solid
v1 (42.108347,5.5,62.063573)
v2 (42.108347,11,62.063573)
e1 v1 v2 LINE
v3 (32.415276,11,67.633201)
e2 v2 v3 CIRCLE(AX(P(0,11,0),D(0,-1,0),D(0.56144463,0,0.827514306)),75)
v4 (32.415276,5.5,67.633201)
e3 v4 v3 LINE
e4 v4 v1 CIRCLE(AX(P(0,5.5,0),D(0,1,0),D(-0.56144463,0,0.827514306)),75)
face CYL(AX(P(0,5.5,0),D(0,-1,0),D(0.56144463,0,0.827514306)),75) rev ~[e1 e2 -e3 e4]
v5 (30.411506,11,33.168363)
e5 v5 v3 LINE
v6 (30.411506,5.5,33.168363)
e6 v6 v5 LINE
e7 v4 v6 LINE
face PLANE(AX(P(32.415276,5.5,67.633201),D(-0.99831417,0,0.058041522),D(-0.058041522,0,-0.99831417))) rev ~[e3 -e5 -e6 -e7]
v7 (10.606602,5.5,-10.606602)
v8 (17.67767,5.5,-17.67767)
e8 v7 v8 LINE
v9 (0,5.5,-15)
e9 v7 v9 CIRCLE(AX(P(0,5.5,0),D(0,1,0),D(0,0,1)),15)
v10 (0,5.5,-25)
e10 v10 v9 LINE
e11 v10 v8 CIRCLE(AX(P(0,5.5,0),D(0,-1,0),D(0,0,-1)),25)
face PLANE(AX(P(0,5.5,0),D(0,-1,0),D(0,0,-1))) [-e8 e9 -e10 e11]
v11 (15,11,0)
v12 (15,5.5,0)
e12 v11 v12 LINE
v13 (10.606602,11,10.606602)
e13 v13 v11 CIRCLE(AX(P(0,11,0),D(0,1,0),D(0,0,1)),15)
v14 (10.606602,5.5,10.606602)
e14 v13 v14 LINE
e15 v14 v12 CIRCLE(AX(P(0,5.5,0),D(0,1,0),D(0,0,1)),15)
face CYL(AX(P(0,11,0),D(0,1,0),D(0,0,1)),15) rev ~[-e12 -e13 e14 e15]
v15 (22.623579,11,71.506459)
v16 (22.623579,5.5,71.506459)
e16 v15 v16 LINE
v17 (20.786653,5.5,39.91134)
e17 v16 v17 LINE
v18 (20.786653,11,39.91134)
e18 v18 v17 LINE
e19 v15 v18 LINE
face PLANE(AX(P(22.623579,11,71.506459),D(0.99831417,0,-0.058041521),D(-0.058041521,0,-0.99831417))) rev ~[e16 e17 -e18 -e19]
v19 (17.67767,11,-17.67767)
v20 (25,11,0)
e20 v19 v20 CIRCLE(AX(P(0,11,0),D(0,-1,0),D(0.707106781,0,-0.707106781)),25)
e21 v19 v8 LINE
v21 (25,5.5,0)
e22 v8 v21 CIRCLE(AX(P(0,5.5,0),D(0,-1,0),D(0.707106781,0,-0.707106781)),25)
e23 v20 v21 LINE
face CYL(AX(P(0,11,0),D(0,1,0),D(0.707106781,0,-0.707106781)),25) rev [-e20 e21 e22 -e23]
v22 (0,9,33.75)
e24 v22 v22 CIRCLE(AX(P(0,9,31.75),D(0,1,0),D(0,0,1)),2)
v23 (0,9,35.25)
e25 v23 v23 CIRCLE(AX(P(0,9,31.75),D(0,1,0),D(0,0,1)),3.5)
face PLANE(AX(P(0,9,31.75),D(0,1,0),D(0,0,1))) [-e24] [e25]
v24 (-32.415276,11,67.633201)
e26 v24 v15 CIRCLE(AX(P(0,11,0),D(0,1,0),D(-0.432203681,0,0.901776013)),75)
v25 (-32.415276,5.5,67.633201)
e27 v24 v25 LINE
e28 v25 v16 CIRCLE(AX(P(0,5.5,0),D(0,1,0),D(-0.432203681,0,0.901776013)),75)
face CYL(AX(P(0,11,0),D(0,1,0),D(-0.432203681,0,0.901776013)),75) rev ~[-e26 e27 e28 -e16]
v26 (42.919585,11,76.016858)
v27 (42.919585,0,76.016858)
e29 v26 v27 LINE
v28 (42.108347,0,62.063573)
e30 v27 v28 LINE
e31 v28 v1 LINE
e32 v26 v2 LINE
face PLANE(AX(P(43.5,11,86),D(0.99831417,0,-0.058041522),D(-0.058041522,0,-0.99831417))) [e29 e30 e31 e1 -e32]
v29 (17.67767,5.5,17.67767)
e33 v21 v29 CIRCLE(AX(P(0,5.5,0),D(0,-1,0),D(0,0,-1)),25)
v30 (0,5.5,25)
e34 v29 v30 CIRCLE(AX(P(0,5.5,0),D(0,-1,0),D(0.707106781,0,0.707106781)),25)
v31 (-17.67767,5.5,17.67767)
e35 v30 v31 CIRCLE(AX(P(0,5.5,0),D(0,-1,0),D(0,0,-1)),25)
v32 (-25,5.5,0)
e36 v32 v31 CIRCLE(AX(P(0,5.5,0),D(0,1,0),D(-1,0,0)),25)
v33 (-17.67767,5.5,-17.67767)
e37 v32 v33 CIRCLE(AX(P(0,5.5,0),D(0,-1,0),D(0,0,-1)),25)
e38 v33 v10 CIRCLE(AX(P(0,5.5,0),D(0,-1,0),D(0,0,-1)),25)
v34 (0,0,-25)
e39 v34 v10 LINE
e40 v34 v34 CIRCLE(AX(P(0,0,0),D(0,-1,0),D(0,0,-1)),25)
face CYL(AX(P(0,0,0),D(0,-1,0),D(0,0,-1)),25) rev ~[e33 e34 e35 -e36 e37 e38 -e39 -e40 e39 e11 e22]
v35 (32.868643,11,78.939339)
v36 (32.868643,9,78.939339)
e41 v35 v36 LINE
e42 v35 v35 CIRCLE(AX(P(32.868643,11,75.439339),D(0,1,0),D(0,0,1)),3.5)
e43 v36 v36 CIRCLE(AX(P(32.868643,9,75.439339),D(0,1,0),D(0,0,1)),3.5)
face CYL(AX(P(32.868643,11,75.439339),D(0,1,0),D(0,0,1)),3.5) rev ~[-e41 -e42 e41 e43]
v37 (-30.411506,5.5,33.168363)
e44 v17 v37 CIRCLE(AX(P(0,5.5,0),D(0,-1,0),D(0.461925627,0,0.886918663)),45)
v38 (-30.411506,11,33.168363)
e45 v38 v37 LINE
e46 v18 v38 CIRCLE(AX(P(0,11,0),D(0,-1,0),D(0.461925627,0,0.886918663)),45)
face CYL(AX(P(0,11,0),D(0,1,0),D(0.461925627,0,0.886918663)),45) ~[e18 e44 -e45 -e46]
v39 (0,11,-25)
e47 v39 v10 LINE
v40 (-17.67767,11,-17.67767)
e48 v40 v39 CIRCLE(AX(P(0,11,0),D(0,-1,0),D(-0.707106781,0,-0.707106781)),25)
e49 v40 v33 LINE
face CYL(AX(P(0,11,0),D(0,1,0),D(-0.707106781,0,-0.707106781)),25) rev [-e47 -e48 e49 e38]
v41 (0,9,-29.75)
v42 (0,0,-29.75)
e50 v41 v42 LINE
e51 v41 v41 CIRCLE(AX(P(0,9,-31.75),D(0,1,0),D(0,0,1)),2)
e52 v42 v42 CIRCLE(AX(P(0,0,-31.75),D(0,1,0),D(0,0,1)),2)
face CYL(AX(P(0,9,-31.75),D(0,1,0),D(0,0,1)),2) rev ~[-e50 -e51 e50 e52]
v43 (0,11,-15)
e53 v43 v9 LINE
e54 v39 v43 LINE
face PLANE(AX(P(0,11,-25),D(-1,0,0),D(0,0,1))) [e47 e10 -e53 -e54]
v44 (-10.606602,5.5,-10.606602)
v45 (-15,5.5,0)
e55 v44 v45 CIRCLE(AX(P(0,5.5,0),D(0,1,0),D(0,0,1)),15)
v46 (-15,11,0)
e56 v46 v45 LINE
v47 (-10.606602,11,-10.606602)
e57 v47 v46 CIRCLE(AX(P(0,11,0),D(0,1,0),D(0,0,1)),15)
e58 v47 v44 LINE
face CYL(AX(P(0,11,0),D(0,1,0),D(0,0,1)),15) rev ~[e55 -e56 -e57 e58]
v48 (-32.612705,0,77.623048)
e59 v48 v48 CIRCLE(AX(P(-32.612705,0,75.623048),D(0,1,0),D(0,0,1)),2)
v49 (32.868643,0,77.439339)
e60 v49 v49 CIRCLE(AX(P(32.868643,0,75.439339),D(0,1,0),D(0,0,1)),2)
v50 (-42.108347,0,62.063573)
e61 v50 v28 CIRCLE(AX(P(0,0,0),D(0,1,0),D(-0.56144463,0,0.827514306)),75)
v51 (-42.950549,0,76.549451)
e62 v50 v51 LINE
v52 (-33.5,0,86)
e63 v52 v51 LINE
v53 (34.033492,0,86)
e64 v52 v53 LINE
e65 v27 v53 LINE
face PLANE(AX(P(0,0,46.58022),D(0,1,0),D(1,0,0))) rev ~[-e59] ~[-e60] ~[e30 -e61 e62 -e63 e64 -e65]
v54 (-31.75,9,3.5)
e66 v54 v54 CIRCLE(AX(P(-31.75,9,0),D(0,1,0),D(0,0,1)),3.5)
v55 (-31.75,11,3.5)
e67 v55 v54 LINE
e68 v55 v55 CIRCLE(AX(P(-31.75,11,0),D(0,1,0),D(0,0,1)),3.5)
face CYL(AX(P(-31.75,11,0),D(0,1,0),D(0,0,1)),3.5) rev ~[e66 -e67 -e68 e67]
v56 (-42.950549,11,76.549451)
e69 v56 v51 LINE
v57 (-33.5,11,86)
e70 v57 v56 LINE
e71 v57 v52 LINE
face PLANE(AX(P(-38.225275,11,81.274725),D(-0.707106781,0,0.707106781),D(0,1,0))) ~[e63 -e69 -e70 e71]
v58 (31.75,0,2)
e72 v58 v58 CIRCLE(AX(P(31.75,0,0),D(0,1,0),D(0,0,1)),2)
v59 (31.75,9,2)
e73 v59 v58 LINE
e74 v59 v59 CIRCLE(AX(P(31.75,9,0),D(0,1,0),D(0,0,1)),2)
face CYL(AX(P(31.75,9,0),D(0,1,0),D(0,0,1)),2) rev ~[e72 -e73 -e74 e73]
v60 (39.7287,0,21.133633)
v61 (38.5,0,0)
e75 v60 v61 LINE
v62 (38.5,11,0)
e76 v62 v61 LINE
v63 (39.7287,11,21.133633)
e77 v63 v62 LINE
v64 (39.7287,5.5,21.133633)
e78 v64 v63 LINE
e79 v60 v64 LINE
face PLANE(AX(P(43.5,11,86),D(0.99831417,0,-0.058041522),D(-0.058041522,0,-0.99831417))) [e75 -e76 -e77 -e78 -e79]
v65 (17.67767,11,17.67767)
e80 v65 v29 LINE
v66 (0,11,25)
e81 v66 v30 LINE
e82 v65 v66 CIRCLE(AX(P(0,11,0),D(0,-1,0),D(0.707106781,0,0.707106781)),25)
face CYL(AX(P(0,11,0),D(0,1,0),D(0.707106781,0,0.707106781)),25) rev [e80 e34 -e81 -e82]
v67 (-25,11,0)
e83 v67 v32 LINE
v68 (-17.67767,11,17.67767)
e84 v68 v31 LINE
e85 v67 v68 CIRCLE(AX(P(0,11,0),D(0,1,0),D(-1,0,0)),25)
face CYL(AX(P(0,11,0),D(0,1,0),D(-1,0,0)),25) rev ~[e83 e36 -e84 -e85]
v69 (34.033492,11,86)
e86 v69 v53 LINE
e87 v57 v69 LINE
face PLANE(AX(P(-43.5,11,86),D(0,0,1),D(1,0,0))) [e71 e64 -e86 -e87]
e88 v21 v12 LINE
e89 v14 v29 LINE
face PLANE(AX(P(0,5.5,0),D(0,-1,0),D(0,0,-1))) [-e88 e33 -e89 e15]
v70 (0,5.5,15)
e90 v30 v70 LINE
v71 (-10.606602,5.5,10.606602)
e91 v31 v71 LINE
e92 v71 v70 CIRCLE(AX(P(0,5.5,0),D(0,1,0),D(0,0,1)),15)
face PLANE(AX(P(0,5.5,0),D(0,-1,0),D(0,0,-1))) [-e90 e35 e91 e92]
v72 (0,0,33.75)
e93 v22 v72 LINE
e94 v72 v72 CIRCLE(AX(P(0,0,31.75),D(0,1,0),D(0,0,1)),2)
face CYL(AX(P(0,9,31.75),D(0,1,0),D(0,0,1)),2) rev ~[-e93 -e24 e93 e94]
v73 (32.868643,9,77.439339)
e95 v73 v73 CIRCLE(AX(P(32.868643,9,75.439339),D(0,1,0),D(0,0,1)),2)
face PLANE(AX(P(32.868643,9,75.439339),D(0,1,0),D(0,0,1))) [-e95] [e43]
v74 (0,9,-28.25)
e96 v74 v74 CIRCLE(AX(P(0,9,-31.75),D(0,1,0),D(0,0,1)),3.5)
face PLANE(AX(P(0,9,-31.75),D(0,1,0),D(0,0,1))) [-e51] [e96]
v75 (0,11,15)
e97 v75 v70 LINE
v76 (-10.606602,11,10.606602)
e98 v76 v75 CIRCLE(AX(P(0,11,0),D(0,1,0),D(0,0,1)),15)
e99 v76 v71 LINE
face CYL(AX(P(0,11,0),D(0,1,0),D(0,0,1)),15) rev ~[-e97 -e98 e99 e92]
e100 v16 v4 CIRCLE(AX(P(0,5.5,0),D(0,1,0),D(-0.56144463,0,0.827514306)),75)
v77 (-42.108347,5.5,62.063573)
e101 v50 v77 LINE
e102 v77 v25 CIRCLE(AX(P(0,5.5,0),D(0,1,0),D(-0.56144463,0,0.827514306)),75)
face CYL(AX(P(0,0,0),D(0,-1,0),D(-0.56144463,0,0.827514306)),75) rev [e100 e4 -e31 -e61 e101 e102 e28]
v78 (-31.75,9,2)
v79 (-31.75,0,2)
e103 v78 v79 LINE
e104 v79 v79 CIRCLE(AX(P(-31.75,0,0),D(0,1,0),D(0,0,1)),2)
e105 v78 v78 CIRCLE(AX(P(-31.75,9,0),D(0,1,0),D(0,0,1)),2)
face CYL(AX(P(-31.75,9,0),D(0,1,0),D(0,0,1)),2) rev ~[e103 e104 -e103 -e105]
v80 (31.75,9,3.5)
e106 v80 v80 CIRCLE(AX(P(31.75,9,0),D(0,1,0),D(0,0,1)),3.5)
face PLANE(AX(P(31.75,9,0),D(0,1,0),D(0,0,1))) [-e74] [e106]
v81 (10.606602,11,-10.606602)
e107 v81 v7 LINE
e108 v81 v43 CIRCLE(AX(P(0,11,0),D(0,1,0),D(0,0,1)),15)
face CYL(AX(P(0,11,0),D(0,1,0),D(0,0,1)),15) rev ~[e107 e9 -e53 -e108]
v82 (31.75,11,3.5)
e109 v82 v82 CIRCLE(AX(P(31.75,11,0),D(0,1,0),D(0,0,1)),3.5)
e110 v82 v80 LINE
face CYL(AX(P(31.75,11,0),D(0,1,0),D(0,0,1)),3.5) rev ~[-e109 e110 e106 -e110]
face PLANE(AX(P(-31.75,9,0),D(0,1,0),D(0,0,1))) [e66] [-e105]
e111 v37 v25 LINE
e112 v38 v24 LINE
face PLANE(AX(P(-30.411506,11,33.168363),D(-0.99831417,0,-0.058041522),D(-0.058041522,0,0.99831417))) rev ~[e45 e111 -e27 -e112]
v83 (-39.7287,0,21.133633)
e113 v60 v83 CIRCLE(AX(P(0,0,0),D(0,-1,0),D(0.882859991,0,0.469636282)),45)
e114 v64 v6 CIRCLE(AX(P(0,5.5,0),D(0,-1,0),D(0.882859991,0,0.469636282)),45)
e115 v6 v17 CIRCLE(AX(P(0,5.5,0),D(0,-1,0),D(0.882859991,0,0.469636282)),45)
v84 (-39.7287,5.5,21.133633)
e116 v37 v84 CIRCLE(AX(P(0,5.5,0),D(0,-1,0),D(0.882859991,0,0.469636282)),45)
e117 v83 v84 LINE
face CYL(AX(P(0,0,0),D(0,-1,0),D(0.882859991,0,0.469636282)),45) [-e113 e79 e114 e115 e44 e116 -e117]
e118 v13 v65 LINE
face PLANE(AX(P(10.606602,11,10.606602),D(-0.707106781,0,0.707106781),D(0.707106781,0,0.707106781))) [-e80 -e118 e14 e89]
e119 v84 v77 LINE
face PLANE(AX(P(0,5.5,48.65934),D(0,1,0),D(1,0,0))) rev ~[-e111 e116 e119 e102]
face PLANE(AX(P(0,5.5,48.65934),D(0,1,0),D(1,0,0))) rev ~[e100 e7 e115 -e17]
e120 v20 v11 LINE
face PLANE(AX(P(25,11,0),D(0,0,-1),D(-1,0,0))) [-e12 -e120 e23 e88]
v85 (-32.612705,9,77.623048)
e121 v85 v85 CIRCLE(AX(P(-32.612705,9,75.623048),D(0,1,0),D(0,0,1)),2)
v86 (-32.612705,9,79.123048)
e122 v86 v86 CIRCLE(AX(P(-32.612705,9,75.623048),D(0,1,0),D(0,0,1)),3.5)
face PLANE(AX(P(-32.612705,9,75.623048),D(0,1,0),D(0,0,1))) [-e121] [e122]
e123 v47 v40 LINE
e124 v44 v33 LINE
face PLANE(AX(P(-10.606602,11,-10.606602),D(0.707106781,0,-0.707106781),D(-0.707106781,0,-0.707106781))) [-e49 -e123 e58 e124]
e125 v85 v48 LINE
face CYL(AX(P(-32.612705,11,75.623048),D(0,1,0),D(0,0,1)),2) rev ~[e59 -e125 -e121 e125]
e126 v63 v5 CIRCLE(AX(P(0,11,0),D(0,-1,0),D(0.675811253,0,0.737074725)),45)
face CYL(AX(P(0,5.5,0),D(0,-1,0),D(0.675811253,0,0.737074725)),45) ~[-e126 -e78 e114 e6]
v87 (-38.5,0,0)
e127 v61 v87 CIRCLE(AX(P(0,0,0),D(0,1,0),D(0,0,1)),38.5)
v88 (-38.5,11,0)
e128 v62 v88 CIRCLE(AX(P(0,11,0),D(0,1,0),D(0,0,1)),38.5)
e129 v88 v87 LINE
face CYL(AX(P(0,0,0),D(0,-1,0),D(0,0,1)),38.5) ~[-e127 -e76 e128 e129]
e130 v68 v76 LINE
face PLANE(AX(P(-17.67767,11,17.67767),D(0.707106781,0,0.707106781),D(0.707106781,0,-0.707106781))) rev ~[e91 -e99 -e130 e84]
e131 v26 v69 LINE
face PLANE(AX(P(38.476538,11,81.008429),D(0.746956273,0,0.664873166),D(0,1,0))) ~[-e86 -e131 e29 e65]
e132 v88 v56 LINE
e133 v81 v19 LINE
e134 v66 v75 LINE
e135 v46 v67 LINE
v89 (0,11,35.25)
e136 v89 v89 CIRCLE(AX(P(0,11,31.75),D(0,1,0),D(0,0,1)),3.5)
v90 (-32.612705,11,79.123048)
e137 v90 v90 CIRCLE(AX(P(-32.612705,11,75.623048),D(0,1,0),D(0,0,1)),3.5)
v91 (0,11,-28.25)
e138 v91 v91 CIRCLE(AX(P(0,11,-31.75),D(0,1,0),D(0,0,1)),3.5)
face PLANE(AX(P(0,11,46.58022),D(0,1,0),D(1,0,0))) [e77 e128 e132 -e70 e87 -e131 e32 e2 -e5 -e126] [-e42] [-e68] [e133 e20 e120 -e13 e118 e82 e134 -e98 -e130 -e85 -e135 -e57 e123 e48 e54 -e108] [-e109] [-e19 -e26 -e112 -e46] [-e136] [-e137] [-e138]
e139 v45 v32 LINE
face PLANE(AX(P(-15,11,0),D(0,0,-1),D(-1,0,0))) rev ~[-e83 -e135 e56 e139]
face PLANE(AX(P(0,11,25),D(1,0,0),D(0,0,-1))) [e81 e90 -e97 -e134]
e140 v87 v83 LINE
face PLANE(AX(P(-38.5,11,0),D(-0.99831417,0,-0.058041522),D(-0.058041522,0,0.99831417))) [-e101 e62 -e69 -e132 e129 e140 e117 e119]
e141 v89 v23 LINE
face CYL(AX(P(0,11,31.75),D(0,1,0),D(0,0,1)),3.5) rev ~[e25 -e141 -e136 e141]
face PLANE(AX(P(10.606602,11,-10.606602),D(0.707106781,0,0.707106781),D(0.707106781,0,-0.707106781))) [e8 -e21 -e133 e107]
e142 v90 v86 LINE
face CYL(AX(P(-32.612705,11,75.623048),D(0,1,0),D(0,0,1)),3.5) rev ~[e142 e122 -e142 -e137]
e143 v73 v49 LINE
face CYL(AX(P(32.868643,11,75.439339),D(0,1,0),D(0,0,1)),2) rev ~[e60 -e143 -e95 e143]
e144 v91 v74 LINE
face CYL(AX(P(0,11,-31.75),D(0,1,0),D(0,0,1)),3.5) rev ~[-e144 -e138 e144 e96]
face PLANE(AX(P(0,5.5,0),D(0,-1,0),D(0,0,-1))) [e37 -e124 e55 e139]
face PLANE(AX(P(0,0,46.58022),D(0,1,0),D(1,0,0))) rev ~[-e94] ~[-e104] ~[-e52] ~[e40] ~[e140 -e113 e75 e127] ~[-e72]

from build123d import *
from OCP.BRepFilletAPI import BRepFilletAPI_MakeChamfer
from build123d.topology import SkipClean

# Parameters (mm, degrees)
SKETCH1_R           = 38.5
BOSS_EXTRUDE1_DEPTH = 11
BOSS_EXTRUDE2_DEPTH = 11
CHAMFER1_SIZE       = 10
CHAMFER1_SIZE2      = 9.466508376
SKETCH3_R           = 15
CUT_EXTRUDE1_DEPTH  = 97.756135196
SKETCH4_R           = 25
CUT_EXTRUDE2_DEPTH  = 5.5
CUT_EXTRUDE3_DEPTH  = 5.5
CUT_EXTRUDE5_DEPTH  = 5.5
CUT_EXTRUDE6_DEPTH  = 5.5
SKETCH9_R           = 3.5
CUT_EXTRUDE7_DEPTH  = 2
SKETCH10_R          = 2
CUT_EXTRUDE8_DEPTH  = 97.549208687
CUT_EXTRUDE9_DEPTH  = 97.286030649
SKETCH13_R          = 2
CUT_EXTRUDE10_DEPTH = 97.756135196
SKETCH14_R          = 3.5
CUT_EXTRUDE11_DEPTH = 2


with BuildPart() as part:
    # Sketch1 → Boss-Extrude1 (new body)
    with BuildSketch(Plane(origin=(0, 0, 0), x_dir=(1, 0, 0), z_dir=(0, 1, 0))):
        with Locations(Location((0, 0, 0), (0, 0, 270))):
            Circle(SKETCH1_R)
    extrude(amount=BOSS_EXTRUDE1_DEPTH)

    # Sketch2 → Boss-Extrude2 (add, through all)
    with BuildSketch(Plane(origin=(0, 11, 0), x_dir=(1, 0, 0), z_dir=(0, 1, 0))):
        with BuildLine():
            Line((-38.5, 0), (-43.5, -86))
            Line((-43.5, -86), (43.5, -86))
            Line((43.5, -86), (38.5, 0))
            ThreePointArc((38.5, 0), (0, -38.5), (-38.5, 0))
        make_face()
    extrude(amount=-BOSS_EXTRUDE2_DEPTH)

    # Chamfer1: one chamfer whose edges measure the first distance from different faces: ONE call of the kernel's chamfer builder (chamfer() names one face for all edges)
    chamfer1_edges_1 = [part.edges().sort_by_distance(p)[0] for p in [
        (43.5, 5.5, 86),
    ]]
    chamfer1_side_1 = [part.faces().sort_by_distance(p)[0] for p in [
        (41, 5.5, 43),
    ]]
    chamfer1_edges_2 = [part.edges().sort_by_distance(p)[0] for p in [
        (-43.5, 5.5, 86),
    ]]
    chamfer1_side_2 = [part.faces().sort_by_distance(p)[0] for p in [
        (0, 5.5, 86),
    ]]
    chamfer1 = BRepFilletAPI_MakeChamfer(part.part.solid().wrapped)
    for e in chamfer1_edges_1:
        chamfer1.Add(CHAMFER1_SIZE, CHAMFER1_SIZE2, e.wrapped, chamfer1_side_1[0].wrapped)  # the first distance lies on this face
    for e in chamfer1_edges_2:
        chamfer1.Add(CHAMFER1_SIZE, CHAMFER1_SIZE2, e.wrapped, chamfer1_side_2[0].wrapped)  # the first distance lies on this face
    add(Compound.cast(chamfer1.Shape()), mode=Mode.REPLACE)

    # Sketch3 → Cut-Extrude1 (cut, through all)
    with BuildSketch(Plane(origin=(0, 11, 0), x_dir=(1, 0, 0), z_dir=(0, 1, 0))):
        with Locations(Location((0, 0, 0), (0, 0, 270))):
            Circle(SKETCH3_R)
    extrude(amount=-CUT_EXTRUDE1_DEPTH, mode=Mode.SUBTRACT)

    # Sketch4 → Cut-Extrude2 (cut)
    with BuildSketch(Plane.XZ):
        with Locations(Location((0, 0, 0), (0, 0, 270))):
            Circle(SKETCH4_R)
    extrude(amount=-CUT_EXTRUDE2_DEPTH, mode=Mode.SUBTRACT)

    # Sketch5 → Cut-Extrude3 (cut)
    with SkipClean():  # the faces are left unmerged after this step: merging them gives an invalid solid
        with BuildSketch(Plane(origin=(0, 11, 0), x_dir=(1, 0, 0), z_dir=(0, 1, 0))):
            with BuildLine():
                Line((25, 0), (15, 0))
                ThreePointArc((15, 0), (13.858192988, 5.740251485), (10.606601718, 10.606601718))
                Line((10.606601718, 10.606601718), (17.67766953, 17.67766953))
                ThreePointArc((17.67766953, 17.67766953), (23.096988313, 9.567085809), (25, 0))
            make_face()
            with BuildLine():
                Line((0, 25), (0, 15))
                ThreePointArc((0, 15), (-5.740251485, 13.858192988), (-10.606601718, 10.606601718))
                Line((-10.606601718, 10.606601718), (-17.67766953, 17.67766953))
                ThreePointArc((-17.67766953, 17.67766953), (-9.567085809, 23.096988313), (0, 25))
            make_face()
            with BuildLine():
                Line((10.606601718, -10.606601718), (17.67766953, -17.67766953))
                ThreePointArc((17.67766953, -17.67766953), (9.567085809, -23.096988313), (0, -25))
                Line((0, -25), (0, -15))
                ThreePointArc((0, -15), (5.740251485, -13.858192988), (10.606601718, -10.606601718))
            make_face()
            with BuildLine():
                Line((-15, 0), (-25, 0))
                ThreePointArc((-25, 0), (-23.096988313, -9.567085809), (-17.67766953, -17.67766953))
                Line((-17.67766953, -17.67766953), (-10.606601718, -10.606601718))
                ThreePointArc((-10.606601718, -10.606601718), (-13.858192988, -5.740251485), (-15, 0))
            make_face()
        extrude(amount=-CUT_EXTRUDE3_DEPTH, mode=Mode.SUBTRACT)

    # Sketch7 → Cut-Extrude5 (cut)
    with SkipClean():  # the faces are left unmerged after this step: merging them gives an invalid solid
        with BuildSketch(Plane(origin=(0, 0, 0), x_dir=(1, 0, 0), z_dir=(0, 1, 0))):
            with BuildLine():
                Line((42.108347266, -62.063572976), (39.728699574, -21.133632677))
                ThreePointArc((39.728699574, -21.133632677), (0, -45), (-39.728699574, -21.133632677))
                Line((-39.728699574, -21.133632677), (-42.108347266, -62.063572976))
                ThreePointArc((-42.108347266, -62.063572976), (0, -75), (42.108347266, -62.063572976))
            make_face()
        extrude(amount=CUT_EXTRUDE5_DEPTH, mode=Mode.SUBTRACT)

    # Sketch8 → Cut-Extrude6 (cut)
    with SkipClean():  # the faces are left unmerged after this step: merging them gives an invalid solid
        with BuildSketch(Plane(origin=(0, 11, 0), x_dir=(1, 0, 0), z_dir=(0, 1, 0))):
            with BuildLine():
                Line((-30.411506405, -33.168362609), (-32.415276079, -67.633200994))
                ThreePointArc((-32.415276079, -67.633200994), (-5.264965928, -74.814972658), (22.623578731, -71.506459047))
                Line((22.623578731, -71.506459047), (20.786653197, -39.911339853))
                ThreePointArc((20.786653197, -39.911339853), (-5.875915703, -44.614724191), (-30.411506405, -33.168362609))
            make_face()
        extrude(amount=-CUT_EXTRUDE6_DEPTH, mode=Mode.SUBTRACT)

    # Sketch9 → Cut-Extrude7 (cut)
    with SkipClean():  # the faces are left unmerged after this step: merging them gives an invalid solid
        with BuildSketch(Plane(origin=(0, 11, 0), x_dir=(1, 0, 0), z_dir=(0, 1, 0))):
            with Locations(Location((-31.75, 0, 0), (0, 0, 270))):
                Circle(SKETCH9_R)
            with Locations(Location((0, 31.75, 0), (0, 0, 270))):
                Circle(SKETCH9_R)
            with Locations(Location((31.75, 0, 0), (0, 0, 270))):
                Circle(SKETCH9_R)
            with Locations(Location((0, -31.75, 0), (0, 0, 270))):
                Circle(SKETCH9_R)
        extrude(amount=-CUT_EXTRUDE7_DEPTH, mode=Mode.SUBTRACT)

    # Sketch10 → Cut-Extrude8 (cut, through all)
    with SkipClean():  # the faces are left unmerged after this step: merging them gives an invalid solid
        with BuildSketch(Plane(origin=(0, 9, 0), x_dir=(1, 0, 0), z_dir=(0, 1, 0))):
            with Locations(Location((-31.75, 0, 0), (0, 0, 270))):
                Circle(SKETCH10_R)
            with Locations(Location((0, 31.75, 0), (0, 0, 270))):
                Circle(SKETCH10_R)
            with Locations(Location((31.75, 0, 0), (0, 0, 270))):
                Circle(SKETCH10_R)
            with Locations(Location((0, -31.75, 0), (0, 0, 270))):
                Circle(SKETCH10_R)
        extrude(amount=-CUT_EXTRUDE8_DEPTH, mode=Mode.SUBTRACT)

    # Sketch11 → Cut-Extrude9 (cut, through all)
    with SkipClean():  # the faces are left unmerged after this step: merging them gives an invalid solid
        with BuildSketch(Plane.XZ.offset(-5.5)):
            with BuildLine():
                Line((39.728699574, 21.133632677), (42.108347266, 62.063572976))
                ThreePointArc((42.108347266, 62.063572976), (37.365730264, 65.029241129), (32.415276079, 67.633200994))
                Line((32.415276079, 67.633200994), (30.411506405, 33.168362609))
                ThreePointArc((30.411506405, 33.168362609), (35.582591317, 27.547762072), (39.728699574, 21.133632677))
            make_face()
        extrude(amount=-CUT_EXTRUDE9_DEPTH, mode=Mode.SUBTRACT)

    # Sketch13 → Cut-Extrude10 (cut, through all)
    with SkipClean():  # the faces are left unmerged after this step: merging them gives an invalid solid
        with BuildSketch(Plane(origin=(0, 11, 0), x_dir=(1, 0, 0), z_dir=(0, 1, 0))):
            with Locations(Location((-32.612704984, -75.623047913, 0), (0, 0, 270))):
                Circle(SKETCH13_R)
            with Locations(Location((32.868643167, -75.439338775, 0), (0, 0, 270))):
                Circle(SKETCH13_R)
        extrude(amount=-CUT_EXTRUDE10_DEPTH, mode=Mode.SUBTRACT)

    # Sketch14 → Cut-Extrude11 (cut)
    with SkipClean():  # the faces are left unmerged after this step: merging them gives an invalid solid
        with BuildSketch(Plane(origin=(0, 11, 0), x_dir=(1, 0, 0), z_dir=(0, 1, 0))):
            with Locations(Location((-32.612704984, -75.623047913, 0), (0, 0, 270))):
                Circle(SKETCH14_R)
            with Locations(Location((32.868643167, -75.439338775, 0), (0, 0, 270))):
                Circle(SKETCH14_R)
        extrude(amount=-CUT_EXTRUDE11_DEPTH, mode=Mode.SUBTRACT)


solid = part.part
